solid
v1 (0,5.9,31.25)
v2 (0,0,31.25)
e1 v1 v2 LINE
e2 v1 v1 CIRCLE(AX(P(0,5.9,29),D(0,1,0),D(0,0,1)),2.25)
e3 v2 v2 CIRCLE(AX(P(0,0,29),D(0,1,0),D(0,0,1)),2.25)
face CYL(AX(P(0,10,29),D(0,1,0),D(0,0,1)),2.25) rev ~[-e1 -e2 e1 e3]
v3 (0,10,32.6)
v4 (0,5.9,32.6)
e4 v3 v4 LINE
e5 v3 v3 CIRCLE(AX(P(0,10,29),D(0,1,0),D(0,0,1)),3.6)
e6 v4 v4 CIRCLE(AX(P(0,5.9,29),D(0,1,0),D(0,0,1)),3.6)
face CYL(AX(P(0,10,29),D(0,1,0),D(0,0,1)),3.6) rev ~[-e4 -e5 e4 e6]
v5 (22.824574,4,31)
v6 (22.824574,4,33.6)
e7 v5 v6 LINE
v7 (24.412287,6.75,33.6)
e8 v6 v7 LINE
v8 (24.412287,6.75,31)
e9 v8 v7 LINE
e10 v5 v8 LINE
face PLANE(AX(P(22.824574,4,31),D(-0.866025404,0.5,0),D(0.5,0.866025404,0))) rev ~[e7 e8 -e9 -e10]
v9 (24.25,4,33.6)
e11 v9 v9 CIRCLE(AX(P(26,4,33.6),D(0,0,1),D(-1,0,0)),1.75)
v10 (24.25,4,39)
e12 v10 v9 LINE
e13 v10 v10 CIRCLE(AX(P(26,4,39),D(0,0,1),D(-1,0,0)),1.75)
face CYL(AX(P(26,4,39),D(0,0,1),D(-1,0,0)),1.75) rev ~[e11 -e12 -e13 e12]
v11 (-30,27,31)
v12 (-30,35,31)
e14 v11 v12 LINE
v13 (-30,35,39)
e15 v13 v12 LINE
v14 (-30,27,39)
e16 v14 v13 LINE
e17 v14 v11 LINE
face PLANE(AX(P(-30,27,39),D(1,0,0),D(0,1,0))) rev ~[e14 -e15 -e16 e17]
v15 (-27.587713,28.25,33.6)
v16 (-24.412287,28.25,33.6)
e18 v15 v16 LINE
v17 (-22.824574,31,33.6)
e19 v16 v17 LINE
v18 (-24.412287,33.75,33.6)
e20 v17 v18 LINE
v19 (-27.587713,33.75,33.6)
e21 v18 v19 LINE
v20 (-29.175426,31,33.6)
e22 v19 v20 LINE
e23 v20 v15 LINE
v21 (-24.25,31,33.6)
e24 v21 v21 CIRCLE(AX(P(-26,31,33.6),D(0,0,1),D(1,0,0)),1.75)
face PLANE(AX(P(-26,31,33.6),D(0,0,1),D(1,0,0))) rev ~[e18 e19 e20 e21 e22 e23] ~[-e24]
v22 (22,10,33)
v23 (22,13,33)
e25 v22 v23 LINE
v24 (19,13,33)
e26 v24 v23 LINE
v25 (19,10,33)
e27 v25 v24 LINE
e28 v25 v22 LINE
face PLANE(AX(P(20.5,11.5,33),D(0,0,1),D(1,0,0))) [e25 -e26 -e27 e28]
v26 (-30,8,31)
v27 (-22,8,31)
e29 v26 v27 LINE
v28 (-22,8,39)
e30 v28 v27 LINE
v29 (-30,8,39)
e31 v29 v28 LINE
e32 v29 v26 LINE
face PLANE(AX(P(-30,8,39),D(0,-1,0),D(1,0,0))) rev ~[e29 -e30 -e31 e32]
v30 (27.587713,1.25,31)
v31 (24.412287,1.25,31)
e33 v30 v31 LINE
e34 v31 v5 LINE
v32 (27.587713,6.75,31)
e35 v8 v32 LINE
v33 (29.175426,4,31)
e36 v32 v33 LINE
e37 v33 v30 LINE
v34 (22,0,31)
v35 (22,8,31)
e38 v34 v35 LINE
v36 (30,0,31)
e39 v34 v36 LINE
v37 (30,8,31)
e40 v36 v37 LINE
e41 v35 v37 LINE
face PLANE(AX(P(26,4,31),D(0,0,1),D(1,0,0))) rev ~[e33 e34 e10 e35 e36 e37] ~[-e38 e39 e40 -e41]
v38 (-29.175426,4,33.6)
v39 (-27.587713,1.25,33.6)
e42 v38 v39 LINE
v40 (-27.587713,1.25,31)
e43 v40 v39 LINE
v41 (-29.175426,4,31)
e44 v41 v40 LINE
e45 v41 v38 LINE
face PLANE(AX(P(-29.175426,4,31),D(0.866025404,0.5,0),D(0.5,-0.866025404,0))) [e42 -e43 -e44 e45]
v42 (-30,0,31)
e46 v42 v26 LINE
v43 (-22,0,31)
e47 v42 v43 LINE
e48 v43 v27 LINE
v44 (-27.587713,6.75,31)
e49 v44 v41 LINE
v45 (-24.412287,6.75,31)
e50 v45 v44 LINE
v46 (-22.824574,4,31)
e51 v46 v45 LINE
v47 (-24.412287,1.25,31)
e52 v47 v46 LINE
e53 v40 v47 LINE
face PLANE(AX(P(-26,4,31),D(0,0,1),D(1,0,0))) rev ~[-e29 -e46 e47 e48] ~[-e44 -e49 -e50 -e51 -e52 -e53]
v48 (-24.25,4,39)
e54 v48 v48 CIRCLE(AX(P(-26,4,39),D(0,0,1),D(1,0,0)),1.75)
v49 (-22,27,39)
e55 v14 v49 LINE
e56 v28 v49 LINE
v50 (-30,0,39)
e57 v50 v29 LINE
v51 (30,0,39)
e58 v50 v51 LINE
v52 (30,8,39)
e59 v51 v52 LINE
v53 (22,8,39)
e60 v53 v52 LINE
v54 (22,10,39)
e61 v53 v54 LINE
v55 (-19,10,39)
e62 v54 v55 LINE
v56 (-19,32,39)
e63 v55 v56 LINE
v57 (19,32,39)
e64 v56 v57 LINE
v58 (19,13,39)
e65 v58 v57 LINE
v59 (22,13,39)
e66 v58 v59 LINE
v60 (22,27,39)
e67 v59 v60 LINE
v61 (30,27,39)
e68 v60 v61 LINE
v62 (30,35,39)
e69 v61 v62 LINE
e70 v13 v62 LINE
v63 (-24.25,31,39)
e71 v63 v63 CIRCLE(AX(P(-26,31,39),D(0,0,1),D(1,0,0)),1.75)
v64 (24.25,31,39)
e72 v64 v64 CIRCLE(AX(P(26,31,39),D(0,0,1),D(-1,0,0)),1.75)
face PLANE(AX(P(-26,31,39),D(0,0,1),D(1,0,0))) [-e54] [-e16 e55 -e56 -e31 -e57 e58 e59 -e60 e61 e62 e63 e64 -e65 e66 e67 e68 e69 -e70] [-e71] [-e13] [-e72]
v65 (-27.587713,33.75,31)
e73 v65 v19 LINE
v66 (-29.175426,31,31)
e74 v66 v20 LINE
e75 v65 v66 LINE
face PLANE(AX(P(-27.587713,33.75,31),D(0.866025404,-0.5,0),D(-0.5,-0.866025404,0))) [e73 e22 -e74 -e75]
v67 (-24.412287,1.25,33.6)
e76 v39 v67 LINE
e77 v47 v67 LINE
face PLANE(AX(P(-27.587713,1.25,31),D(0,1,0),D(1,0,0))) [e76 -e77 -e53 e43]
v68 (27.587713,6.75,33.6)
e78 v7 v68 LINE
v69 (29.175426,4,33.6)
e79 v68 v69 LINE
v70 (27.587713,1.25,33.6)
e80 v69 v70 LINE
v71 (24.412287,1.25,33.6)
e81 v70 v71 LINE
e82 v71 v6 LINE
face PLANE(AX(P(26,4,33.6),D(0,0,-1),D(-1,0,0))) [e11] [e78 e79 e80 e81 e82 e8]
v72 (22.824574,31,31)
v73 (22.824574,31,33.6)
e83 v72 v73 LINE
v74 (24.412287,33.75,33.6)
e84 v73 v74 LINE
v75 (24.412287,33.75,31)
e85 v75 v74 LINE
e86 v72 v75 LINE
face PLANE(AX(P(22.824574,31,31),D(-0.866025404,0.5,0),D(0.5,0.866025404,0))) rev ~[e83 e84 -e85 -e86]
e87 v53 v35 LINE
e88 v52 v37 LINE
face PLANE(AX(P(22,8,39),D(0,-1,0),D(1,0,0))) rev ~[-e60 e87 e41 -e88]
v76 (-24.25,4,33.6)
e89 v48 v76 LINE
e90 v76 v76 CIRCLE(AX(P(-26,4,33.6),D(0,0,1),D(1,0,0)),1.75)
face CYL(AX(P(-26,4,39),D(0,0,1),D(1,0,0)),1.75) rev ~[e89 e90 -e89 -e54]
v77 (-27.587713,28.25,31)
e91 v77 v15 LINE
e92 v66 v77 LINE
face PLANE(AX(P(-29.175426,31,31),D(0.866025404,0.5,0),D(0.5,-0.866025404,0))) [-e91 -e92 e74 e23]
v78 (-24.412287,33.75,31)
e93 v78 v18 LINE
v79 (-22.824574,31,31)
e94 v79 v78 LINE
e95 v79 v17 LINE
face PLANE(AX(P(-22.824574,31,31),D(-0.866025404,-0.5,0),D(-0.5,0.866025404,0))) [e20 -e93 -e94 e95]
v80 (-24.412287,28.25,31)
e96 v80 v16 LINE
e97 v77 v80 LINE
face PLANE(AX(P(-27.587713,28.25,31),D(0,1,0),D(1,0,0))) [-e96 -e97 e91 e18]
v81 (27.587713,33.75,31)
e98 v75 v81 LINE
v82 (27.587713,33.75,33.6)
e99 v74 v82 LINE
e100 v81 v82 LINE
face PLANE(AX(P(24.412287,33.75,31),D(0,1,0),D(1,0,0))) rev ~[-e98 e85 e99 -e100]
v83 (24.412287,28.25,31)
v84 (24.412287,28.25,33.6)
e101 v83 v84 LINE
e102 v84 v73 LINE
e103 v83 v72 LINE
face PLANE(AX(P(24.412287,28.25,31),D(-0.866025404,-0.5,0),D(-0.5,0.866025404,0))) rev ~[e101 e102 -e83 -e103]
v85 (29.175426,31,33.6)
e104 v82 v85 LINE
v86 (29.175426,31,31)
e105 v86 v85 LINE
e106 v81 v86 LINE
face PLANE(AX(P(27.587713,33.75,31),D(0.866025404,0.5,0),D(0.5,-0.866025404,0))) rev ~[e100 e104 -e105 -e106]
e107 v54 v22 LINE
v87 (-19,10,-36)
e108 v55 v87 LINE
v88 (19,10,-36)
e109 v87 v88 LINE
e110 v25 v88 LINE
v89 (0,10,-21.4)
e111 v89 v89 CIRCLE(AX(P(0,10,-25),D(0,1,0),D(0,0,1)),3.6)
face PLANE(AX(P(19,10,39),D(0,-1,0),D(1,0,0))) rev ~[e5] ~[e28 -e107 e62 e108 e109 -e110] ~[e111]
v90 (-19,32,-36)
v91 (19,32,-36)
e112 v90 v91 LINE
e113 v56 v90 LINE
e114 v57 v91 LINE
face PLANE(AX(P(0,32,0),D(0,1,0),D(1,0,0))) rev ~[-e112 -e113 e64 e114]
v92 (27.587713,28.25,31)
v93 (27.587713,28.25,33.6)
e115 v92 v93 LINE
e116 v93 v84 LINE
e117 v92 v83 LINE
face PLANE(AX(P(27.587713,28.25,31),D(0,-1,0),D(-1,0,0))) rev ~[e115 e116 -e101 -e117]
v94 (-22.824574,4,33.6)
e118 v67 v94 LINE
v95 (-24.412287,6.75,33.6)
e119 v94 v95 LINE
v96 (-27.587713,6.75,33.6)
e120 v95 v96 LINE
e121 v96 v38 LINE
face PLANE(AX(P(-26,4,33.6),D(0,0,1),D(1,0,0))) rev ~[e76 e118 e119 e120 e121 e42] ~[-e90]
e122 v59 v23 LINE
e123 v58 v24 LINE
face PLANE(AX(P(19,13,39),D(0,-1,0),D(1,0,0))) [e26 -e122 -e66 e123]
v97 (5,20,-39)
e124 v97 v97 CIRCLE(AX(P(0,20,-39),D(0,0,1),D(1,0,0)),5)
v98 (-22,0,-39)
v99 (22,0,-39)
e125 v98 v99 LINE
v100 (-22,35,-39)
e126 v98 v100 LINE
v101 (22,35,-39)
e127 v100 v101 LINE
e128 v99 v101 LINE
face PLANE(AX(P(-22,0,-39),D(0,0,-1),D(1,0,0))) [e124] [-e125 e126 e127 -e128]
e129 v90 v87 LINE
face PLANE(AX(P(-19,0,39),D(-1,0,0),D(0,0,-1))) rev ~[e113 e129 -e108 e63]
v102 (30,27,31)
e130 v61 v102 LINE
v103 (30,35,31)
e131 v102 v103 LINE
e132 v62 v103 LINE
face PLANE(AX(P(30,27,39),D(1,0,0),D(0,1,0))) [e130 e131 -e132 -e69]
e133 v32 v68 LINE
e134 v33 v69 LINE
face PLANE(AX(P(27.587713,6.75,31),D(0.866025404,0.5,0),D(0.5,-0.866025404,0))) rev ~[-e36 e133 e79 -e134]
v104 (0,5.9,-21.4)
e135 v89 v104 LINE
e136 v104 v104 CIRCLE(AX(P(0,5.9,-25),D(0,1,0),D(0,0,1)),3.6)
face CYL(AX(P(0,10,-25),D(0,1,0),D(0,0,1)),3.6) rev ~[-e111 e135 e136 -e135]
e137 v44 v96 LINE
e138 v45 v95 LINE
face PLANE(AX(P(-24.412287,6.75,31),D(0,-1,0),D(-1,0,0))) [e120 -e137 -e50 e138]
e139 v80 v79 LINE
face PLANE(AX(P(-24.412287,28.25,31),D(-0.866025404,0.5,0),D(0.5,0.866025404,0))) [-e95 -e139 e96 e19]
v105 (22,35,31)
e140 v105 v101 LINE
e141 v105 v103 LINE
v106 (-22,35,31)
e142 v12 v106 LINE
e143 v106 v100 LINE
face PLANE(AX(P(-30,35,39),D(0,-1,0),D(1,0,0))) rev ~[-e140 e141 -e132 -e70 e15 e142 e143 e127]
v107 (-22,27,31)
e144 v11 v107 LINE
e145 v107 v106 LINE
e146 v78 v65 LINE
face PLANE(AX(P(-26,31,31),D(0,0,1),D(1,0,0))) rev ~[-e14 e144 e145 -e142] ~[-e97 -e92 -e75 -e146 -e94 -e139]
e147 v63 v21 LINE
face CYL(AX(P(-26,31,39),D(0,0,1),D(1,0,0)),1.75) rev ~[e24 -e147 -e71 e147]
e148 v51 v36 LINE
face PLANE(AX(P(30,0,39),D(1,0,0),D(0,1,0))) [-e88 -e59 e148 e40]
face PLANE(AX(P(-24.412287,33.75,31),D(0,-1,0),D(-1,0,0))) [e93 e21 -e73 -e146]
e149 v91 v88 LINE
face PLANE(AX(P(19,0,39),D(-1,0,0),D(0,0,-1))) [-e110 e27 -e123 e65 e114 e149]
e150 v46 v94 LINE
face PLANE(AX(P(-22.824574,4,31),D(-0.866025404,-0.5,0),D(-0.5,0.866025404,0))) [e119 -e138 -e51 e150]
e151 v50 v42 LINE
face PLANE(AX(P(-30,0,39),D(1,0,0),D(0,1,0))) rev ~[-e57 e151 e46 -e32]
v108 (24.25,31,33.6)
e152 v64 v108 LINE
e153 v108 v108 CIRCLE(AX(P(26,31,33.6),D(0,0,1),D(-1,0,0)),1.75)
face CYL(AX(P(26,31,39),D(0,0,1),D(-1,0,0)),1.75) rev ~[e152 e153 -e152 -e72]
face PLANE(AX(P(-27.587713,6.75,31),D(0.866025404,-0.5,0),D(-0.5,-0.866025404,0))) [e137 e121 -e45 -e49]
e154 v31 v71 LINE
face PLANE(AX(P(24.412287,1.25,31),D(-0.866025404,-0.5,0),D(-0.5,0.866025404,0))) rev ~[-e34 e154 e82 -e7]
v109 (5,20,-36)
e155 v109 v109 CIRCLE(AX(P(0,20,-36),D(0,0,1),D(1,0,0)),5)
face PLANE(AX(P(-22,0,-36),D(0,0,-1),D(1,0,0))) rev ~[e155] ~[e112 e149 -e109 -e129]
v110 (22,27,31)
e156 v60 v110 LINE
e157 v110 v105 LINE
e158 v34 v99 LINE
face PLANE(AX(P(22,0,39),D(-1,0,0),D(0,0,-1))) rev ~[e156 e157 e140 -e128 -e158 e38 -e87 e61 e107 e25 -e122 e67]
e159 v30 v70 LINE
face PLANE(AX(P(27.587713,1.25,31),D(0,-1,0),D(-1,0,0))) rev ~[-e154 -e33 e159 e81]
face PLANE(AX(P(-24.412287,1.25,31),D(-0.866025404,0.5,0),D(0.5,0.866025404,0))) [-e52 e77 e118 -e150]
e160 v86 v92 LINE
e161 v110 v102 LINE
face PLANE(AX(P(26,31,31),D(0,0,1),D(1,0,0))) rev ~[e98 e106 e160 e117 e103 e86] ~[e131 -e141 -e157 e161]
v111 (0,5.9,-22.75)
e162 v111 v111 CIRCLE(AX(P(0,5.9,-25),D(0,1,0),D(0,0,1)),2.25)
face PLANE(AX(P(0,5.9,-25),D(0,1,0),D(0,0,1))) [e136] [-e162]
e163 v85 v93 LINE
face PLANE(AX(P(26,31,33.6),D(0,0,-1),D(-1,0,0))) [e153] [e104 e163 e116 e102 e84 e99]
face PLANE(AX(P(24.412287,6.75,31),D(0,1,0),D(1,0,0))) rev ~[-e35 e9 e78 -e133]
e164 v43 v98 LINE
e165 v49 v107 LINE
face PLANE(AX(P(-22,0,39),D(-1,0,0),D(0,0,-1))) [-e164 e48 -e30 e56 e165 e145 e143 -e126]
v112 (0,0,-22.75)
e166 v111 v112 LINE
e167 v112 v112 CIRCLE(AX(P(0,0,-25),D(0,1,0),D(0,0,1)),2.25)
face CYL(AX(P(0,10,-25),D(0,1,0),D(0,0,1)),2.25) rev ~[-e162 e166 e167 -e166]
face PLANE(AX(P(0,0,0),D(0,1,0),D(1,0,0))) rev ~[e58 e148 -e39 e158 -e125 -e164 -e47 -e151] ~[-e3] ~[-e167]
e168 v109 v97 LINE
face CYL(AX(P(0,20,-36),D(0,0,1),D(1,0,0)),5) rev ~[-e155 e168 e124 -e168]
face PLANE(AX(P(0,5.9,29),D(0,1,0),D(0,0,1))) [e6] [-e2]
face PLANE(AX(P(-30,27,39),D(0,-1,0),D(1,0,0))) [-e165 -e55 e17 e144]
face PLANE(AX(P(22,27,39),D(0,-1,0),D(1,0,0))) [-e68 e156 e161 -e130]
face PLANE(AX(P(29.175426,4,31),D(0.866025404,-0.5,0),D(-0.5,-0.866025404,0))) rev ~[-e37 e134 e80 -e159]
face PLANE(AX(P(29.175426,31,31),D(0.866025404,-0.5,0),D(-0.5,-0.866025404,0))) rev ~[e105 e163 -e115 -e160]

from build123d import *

# Parameters (mm, degrees)
SKETCH_1_W                 = 44
SKETCH_1_H                 = 78
EXTRUDE_1_DEPTH            = 35
SHELL_1_T                  = -3
SHELL_1_THICKNESS_2_FACE_W = 75
SHELL_1_THICKNESS_2_FACE_H = 38
SHELL_1_THICKNESS_2_DEPTH  = 7
SKETCH_3_R                 = 3.6
CUT_EXTRUDE_1_DEPTH        = 4.1
CUT_EXTRUDE_2_REACH        = 53.284
SKETCH_4_R                 = 2.25
SKETCH_5_W                 = 3
SKETCH_5_H                 = 3
CUT_EXTRUDE_3_DEPTH        = 6
SKETCH_6_W                 = 8
SKETCH_6_H                 = 8
SKETCH_6_R                 = 1.75
EXTRUDE_2_DEPTH            = 8
CUT_EXTRUDE_4_DEPTH        = 2.6
CUT_EXTRUDE_5_REACH        = 90.034
SKETCH_8_R                 = 5


with BuildPart() as part:
    # 草圖1 → 填料-伸長1 (new body)
    with BuildSketch(Plane(origin=(0, 0, 0), x_dir=(1, 0, 0), z_dir=(0, 1, 0))):
        Rectangle(SKETCH_1_W, SKETCH_1_H)
    extrude(amount=EXTRUDE_1_DEPTH)

    # 薄殼1
    shell_1_openings = [part.faces().sort_by_distance(p)[0] for p in [
        (0, 17.5, 39),
    ]]
    offset(amount=SHELL_1_T, openings=shell_1_openings, kind=Kind.INTERSECTION)

    # 薄殼1 thickness 2 face (on inner face of the shell) → 薄殼1 thickness 2 (add)
    with BuildSketch(Plane(origin=(0, 3, 1.5), x_dir=(0, 0, -1), z_dir=(0, -1, 0))):
        Rectangle(SHELL_1_THICKNESS_2_FACE_W, SHELL_1_THICKNESS_2_FACE_H)
    extrude(amount=-SHELL_1_THICKNESS_2_DEPTH)

    # 草圖3 → 除料-伸長1 (cut)
    with BuildSketch(Plane(origin=(0, 10, 0), x_dir=(1, 0, 0), z_dir=(0, 1, 0))):
        with Locations(Location((0, 25, 0), (0, 0, 270))):
            Circle(SKETCH_3_R)
        with Locations(Location((0, -29, 0), (0, 0, 270))):
            Circle(SKETCH_3_R)
    extrude(amount=-CUT_EXTRUDE_1_DEPTH, mode=Mode.SUBTRACT)

    # 草圖4 → 除料-伸長2 (cut, up to next)
    with BuildSketch(Plane(origin=(0, 10, 0), x_dir=(1, 0, 0), z_dir=(0, 1, 0)), mode=Mode.PRIVATE) as cut_extrude_2_sk1:
        with Locations(Location((0, 25, 0), (0, 0, 270))):
            Circle(SKETCH_4_R)
    cut_extrude_2_tool1 = extrude(cut_extrude_2_sk1.sketch, amount=-CUT_EXTRUDE_2_REACH, mode=Mode.PRIVATE) & part.part
    # 草圖4 → 除料-伸長2 (cut, up to next)
    with BuildSketch(Plane(origin=(0, 10, 0), x_dir=(1, 0, 0), z_dir=(0, 1, 0)), mode=Mode.PRIVATE) as cut_extrude_2_sk2:
        with Locations(Location((0, -29, 0), (0, 0, 270))):
            Circle(SKETCH_4_R)
    cut_extrude_2_tool2 = extrude(cut_extrude_2_sk2.sketch, amount=-CUT_EXTRUDE_2_REACH, mode=Mode.PRIVATE) & part.part
    add(cut_extrude_2_tool1.solids().sort_by_distance((0, 10, -25))[0], mode=Mode.SUBTRACT)
    add(cut_extrude_2_tool2.solids().sort_by_distance((0, 10, 29))[0], mode=Mode.SUBTRACT)

    # 草圖5 → 除料-伸長3 (cut)
    with BuildSketch(Plane.XY.offset(39)):
        with Locations((20.5, 11.5)):
            Rectangle(SKETCH_5_W, SKETCH_5_H)
    extrude(amount=-CUT_EXTRUDE_3_DEPTH, mode=Mode.SUBTRACT)

    # 草圖6 → 填料-伸長2 (add)
    with BuildSketch(Plane.XY.offset(39)):
        with Locations((-26, 31)):
            Rectangle(SKETCH_6_W, SKETCH_6_H)
        with Locations((-26, 31)):
            Circle(SKETCH_6_R, mode=Mode.SUBTRACT)
        with Locations((-26, 4)):
            Rectangle(SKETCH_6_W, SKETCH_6_H)
        with Locations((-26, 4)):
            Circle(SKETCH_6_R, mode=Mode.SUBTRACT)
        with Locations((26, 4)):
            Rectangle(SKETCH_6_W, SKETCH_6_H)
        with Locations(Location((26, 4, 0), (0, 0, 180))):
            Circle(SKETCH_6_R, mode=Mode.SUBTRACT)
        with Locations((26, 31)):
            Rectangle(SKETCH_6_W, SKETCH_6_H)
        with Locations(Location((26, 31, 0), (0, 0, 180))):
            Circle(SKETCH_6_R, mode=Mode.SUBTRACT)
    extrude(amount=-EXTRUDE_2_DEPTH)

    # 草圖7 → 除料-伸長4 (cut)
    with BuildSketch(Plane(origin=(0, 0, 31), x_dir=(-1, 0, 0), z_dir=(0, 0, -1))):
        Polygon((27.58771324, 6.75), (29.175426481, 4), (27.58771324, 1.25), (24.41228676, 1.25), (22.824573519, 4), (24.41228676, 6.75), align=None)
        Polygon((-22.824573519, 31), (-24.41228676, 33.75), (-27.58771324, 33.75), (-29.175426481, 31), (-27.58771324, 28.25), (-24.41228676, 28.25), align=None)
        Polygon((-29.175426481, 4), (-27.58771324, 1.25), (-24.41228676, 1.25), (-22.824573519, 4), (-24.41228676, 6.75), (-27.58771324, 6.75), align=None)
        Polygon((24.41228676, 28.25), (22.824573519, 31), (24.41228676, 33.75), (27.58771324, 33.75), (29.175426481, 31), (27.58771324, 28.25), align=None)
    extrude(amount=-CUT_EXTRUDE_4_DEPTH, mode=Mode.SUBTRACT)

    # 草圖8 → 除料-伸長5 (cut, up to next)
    with BuildSketch(Plane.XY.offset(-36), mode=Mode.PRIVATE) as cut_extrude_5_sk1:
        with Locations((0, 20)):
            Circle(SKETCH_8_R)
    cut_extrude_5_tool1 = extrude(cut_extrude_5_sk1.sketch, amount=-CUT_EXTRUDE_5_REACH, mode=Mode.PRIVATE) & part.part
    add(cut_extrude_5_tool1.solids().sort_by_distance((0, 20, -36))[0], mode=Mode.SUBTRACT)


solid = part.part
